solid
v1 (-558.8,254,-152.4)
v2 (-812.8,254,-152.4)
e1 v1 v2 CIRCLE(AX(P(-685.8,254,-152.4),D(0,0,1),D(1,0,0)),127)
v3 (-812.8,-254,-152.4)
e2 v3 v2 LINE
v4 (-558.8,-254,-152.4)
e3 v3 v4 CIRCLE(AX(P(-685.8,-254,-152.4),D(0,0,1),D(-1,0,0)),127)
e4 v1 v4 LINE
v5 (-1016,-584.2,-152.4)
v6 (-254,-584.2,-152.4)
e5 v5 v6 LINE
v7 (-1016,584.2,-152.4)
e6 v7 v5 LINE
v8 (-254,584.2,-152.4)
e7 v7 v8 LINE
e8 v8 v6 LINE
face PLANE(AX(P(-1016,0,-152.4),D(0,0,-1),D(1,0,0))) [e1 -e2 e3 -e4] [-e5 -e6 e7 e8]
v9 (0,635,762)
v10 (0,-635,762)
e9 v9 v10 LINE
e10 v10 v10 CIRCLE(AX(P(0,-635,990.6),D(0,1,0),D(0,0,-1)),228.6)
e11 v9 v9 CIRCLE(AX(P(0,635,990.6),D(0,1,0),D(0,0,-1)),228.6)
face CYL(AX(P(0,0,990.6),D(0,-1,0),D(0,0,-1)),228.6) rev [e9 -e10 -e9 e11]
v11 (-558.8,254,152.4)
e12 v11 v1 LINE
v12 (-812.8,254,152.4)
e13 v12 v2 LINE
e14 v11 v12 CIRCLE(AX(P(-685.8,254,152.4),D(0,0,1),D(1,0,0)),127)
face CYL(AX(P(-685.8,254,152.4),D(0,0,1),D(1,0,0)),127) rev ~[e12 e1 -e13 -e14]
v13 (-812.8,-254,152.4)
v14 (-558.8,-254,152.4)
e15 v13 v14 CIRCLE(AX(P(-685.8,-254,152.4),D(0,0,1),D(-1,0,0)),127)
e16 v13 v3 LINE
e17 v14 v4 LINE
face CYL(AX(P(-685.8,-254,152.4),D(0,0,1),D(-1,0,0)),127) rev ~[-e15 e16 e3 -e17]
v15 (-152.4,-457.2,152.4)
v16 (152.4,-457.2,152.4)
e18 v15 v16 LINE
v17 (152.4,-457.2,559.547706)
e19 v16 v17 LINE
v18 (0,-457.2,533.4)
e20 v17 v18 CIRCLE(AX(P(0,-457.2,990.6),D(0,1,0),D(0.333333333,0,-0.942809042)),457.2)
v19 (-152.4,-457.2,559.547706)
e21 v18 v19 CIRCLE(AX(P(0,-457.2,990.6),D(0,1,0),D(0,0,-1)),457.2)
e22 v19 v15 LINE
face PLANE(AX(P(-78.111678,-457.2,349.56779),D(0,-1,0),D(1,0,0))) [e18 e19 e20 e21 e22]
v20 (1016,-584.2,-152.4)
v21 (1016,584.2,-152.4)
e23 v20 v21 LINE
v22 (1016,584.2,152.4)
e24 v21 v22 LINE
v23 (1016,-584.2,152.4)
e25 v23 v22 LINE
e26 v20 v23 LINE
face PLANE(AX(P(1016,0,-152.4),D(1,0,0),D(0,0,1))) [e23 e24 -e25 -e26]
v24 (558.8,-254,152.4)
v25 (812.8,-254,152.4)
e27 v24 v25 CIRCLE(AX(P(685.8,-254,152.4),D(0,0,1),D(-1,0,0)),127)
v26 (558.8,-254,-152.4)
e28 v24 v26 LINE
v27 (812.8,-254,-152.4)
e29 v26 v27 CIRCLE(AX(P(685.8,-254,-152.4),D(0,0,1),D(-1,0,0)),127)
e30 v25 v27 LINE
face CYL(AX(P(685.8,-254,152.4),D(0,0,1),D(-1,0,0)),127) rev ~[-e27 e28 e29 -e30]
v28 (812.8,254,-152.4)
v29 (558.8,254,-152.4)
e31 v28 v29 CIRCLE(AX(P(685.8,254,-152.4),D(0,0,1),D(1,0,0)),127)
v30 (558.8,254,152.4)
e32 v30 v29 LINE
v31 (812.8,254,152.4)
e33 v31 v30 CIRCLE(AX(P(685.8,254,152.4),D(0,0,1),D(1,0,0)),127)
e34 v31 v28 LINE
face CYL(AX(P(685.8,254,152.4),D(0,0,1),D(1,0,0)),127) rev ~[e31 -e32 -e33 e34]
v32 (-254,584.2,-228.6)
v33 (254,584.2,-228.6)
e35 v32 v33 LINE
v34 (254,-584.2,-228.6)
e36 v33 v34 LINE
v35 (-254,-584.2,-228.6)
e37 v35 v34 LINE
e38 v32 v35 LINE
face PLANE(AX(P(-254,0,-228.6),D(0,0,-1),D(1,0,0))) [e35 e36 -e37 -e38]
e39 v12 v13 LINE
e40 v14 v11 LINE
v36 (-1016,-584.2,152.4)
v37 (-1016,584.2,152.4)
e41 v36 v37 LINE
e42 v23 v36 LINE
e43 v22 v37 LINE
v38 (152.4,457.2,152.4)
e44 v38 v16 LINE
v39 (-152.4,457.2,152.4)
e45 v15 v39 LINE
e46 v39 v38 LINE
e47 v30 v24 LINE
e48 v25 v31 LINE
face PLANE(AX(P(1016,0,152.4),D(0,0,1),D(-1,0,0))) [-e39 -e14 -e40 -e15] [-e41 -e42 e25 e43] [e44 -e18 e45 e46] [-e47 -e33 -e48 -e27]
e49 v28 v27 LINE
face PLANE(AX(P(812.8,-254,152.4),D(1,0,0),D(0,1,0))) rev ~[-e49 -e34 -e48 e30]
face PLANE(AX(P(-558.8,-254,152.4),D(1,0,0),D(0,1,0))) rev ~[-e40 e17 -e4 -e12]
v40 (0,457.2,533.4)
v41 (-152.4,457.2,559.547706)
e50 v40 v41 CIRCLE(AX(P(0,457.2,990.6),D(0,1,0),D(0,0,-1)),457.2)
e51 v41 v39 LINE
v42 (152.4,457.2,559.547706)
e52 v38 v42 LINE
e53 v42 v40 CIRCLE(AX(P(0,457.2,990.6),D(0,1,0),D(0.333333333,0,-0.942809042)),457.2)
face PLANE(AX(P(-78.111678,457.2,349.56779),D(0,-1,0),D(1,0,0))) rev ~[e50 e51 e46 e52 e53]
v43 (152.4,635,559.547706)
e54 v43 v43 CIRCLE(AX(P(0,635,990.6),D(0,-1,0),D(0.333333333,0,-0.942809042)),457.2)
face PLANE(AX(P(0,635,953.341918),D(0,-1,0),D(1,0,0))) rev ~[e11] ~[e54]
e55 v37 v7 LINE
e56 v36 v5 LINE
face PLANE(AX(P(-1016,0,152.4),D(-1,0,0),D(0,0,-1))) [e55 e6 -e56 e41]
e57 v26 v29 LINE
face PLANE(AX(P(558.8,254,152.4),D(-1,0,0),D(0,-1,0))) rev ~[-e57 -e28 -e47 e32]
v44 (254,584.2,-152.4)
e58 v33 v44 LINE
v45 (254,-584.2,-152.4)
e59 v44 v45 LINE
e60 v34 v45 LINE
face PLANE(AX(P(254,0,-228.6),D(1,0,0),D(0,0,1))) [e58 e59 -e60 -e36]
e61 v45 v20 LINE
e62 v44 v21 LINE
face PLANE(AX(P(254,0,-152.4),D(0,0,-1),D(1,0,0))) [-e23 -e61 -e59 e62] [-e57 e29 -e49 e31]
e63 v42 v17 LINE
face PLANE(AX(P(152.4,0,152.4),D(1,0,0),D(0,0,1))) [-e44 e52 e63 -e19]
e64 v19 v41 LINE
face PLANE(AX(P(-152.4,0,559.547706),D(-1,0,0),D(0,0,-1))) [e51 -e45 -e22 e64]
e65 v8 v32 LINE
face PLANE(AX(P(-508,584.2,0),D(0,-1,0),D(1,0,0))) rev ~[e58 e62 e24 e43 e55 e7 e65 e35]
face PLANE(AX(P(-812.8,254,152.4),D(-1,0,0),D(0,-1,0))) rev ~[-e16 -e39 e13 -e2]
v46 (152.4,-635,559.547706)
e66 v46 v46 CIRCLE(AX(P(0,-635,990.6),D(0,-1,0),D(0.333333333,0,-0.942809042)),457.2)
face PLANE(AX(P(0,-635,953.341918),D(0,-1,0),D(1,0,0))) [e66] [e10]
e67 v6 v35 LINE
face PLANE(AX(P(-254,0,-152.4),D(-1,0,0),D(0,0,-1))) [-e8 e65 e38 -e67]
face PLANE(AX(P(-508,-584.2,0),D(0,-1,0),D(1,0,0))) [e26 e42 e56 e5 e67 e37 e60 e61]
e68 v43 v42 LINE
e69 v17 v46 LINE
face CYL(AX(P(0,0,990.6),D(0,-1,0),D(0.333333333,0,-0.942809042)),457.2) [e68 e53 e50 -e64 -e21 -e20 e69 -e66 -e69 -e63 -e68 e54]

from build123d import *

# Parameters (mm, degrees)
F1_DEPTH = 584.2
F2_DEPTH = 457.2
F3_DEPTH = 635
F5_DEPTH = 381.001


with BuildPart() as f1:
    # F0 (on Front) → F1 (new body, symmetric)
    with BuildSketch(Plane.XZ):
        Polygon((0, -152.4), (0, 152.4), (-152.4, 152.4), (-1016, 152.4), (-1016, -152.4), (-254, -152.4), align=None)
        Polygon((1016, -152.4), (1016, 152.4), (152.4, 152.4), (0, 152.4), (0, -152.4), (254, -152.4), align=None)
        Polygon((254, -228.6), (254, -152.4), (0, -152.4), (-254, -152.4), (-254, -228.6), align=None)
    extrude(amount=F1_DEPTH, both=True)

    # F0 (on Front) → F2 (join, symmetric)
    with BuildSketch(Plane.XZ):
        with BuildLine():
            Line((-152.4, 152.4), (0, 152.4))
            Line((0, 152.4), (0, 533.4))
            ThreePointArc((0, 533.4), (-77.3134246734, 539.9843385264), (-152.4, 559.5477061887))
            Line((-152.4, 559.5477061887), (-152.4, 152.4))
        make_face()
        with BuildLine():
            Line((0, 152.4), (152.4, 152.4))
            Line((152.4, 152.4), (152.4, 559.5477061887))
            ThreePointArc((152.4, 559.5477061887), (77.3134246734, 539.9843385264), (0, 533.4))
            Line((0, 533.4), (0, 152.4))
        make_face()
    extrude(amount=F2_DEPTH, both=True)

    # F0 (on Front) → F3 (join, symmetric)
    with BuildSketch(Plane.XZ):
        with BuildLine():
            Line((152.4, 685.8), (152.4, 559.5477061887))
            ThreePointArc((152.4, 559.5477061887), (373.3022368002, 726.6354569265), (457.2, 990.6))
            ThreePointArc((457.2, 990.6), (-263.9645430735, 1363.9022368002), (-152.4, 559.5477061887))
            Line((-152.4, 559.5477061887), (-152.4, 685.8))
            Line((-152.4, 685.8), (0, 685.8))
            Line((0, 685.8), (152.4, 685.8))
        make_face()
        with BuildLine():
            ThreePointArc((228.6, 990.6), (161.6446101792, 828.9553898208), (0, 762))
            ThreePointArc((0, 762), (-161.6446101792, 1152.2446101792), (228.6, 990.6))
        make_face(mode=Mode.SUBTRACT)
        with BuildLine():
            ThreePointArc((-152.4, 559.5477061887), (-77.3134246734, 539.9843385264), (0, 533.4))
            Line((0, 533.4), (0, 685.8))
            Line((0, 685.8), (-152.4, 685.8))
            Line((-152.4, 685.8), (-152.4, 559.5477061887))
        make_face()
        with BuildLine():
            ThreePointArc((0, 533.4), (77.3134246734, 539.9843385264), (152.4, 559.5477061887))
            Line((152.4, 559.5477061887), (152.4, 685.8))
            Line((152.4, 685.8), (0, 685.8))
            Line((0, 685.8), (0, 533.4))
        make_face()
    extrude(amount=F3_DEPTH, both=True)

    # F4 (on face) → F5 (cut, through all)
    with BuildSketch(Plane.XY.offset(152.4)):
        Polygon((-812.8, 254), (-812.8, 0), (-812.8, -254), (-558.8, -254), (-558.8, 254), align=None)
        with BuildLine():
            ThreePointArc((-558.8, 254), (-685.8, 381), (-812.8, 254))
            Line((-812.8, 254), (-558.8, 254))
        make_face()
        with BuildLine():
            Line((-558.8, -254), (-812.8, -254))
            ThreePointArc((-812.8, -254), (-685.8, -381), (-558.8, -254))
        make_face()
        Polygon((812.8, -254), (812.8, 0), (812.8, 254), (558.8, 254), (558.8, -254), align=None)
        with BuildLine():
            Line((558.8, 254), (812.8, 254))
            ThreePointArc((812.8, 254), (685.8, 381), (558.8, 254))
        make_face()
        with BuildLine():
            ThreePointArc((558.8, -254), (685.8, -381), (812.8, -254))
            Line((812.8, -254), (558.8, -254))
        make_face()
    extrude(amount=-F5_DEPTH, mode=Mode.SUBTRACT)


solid = f1.part
